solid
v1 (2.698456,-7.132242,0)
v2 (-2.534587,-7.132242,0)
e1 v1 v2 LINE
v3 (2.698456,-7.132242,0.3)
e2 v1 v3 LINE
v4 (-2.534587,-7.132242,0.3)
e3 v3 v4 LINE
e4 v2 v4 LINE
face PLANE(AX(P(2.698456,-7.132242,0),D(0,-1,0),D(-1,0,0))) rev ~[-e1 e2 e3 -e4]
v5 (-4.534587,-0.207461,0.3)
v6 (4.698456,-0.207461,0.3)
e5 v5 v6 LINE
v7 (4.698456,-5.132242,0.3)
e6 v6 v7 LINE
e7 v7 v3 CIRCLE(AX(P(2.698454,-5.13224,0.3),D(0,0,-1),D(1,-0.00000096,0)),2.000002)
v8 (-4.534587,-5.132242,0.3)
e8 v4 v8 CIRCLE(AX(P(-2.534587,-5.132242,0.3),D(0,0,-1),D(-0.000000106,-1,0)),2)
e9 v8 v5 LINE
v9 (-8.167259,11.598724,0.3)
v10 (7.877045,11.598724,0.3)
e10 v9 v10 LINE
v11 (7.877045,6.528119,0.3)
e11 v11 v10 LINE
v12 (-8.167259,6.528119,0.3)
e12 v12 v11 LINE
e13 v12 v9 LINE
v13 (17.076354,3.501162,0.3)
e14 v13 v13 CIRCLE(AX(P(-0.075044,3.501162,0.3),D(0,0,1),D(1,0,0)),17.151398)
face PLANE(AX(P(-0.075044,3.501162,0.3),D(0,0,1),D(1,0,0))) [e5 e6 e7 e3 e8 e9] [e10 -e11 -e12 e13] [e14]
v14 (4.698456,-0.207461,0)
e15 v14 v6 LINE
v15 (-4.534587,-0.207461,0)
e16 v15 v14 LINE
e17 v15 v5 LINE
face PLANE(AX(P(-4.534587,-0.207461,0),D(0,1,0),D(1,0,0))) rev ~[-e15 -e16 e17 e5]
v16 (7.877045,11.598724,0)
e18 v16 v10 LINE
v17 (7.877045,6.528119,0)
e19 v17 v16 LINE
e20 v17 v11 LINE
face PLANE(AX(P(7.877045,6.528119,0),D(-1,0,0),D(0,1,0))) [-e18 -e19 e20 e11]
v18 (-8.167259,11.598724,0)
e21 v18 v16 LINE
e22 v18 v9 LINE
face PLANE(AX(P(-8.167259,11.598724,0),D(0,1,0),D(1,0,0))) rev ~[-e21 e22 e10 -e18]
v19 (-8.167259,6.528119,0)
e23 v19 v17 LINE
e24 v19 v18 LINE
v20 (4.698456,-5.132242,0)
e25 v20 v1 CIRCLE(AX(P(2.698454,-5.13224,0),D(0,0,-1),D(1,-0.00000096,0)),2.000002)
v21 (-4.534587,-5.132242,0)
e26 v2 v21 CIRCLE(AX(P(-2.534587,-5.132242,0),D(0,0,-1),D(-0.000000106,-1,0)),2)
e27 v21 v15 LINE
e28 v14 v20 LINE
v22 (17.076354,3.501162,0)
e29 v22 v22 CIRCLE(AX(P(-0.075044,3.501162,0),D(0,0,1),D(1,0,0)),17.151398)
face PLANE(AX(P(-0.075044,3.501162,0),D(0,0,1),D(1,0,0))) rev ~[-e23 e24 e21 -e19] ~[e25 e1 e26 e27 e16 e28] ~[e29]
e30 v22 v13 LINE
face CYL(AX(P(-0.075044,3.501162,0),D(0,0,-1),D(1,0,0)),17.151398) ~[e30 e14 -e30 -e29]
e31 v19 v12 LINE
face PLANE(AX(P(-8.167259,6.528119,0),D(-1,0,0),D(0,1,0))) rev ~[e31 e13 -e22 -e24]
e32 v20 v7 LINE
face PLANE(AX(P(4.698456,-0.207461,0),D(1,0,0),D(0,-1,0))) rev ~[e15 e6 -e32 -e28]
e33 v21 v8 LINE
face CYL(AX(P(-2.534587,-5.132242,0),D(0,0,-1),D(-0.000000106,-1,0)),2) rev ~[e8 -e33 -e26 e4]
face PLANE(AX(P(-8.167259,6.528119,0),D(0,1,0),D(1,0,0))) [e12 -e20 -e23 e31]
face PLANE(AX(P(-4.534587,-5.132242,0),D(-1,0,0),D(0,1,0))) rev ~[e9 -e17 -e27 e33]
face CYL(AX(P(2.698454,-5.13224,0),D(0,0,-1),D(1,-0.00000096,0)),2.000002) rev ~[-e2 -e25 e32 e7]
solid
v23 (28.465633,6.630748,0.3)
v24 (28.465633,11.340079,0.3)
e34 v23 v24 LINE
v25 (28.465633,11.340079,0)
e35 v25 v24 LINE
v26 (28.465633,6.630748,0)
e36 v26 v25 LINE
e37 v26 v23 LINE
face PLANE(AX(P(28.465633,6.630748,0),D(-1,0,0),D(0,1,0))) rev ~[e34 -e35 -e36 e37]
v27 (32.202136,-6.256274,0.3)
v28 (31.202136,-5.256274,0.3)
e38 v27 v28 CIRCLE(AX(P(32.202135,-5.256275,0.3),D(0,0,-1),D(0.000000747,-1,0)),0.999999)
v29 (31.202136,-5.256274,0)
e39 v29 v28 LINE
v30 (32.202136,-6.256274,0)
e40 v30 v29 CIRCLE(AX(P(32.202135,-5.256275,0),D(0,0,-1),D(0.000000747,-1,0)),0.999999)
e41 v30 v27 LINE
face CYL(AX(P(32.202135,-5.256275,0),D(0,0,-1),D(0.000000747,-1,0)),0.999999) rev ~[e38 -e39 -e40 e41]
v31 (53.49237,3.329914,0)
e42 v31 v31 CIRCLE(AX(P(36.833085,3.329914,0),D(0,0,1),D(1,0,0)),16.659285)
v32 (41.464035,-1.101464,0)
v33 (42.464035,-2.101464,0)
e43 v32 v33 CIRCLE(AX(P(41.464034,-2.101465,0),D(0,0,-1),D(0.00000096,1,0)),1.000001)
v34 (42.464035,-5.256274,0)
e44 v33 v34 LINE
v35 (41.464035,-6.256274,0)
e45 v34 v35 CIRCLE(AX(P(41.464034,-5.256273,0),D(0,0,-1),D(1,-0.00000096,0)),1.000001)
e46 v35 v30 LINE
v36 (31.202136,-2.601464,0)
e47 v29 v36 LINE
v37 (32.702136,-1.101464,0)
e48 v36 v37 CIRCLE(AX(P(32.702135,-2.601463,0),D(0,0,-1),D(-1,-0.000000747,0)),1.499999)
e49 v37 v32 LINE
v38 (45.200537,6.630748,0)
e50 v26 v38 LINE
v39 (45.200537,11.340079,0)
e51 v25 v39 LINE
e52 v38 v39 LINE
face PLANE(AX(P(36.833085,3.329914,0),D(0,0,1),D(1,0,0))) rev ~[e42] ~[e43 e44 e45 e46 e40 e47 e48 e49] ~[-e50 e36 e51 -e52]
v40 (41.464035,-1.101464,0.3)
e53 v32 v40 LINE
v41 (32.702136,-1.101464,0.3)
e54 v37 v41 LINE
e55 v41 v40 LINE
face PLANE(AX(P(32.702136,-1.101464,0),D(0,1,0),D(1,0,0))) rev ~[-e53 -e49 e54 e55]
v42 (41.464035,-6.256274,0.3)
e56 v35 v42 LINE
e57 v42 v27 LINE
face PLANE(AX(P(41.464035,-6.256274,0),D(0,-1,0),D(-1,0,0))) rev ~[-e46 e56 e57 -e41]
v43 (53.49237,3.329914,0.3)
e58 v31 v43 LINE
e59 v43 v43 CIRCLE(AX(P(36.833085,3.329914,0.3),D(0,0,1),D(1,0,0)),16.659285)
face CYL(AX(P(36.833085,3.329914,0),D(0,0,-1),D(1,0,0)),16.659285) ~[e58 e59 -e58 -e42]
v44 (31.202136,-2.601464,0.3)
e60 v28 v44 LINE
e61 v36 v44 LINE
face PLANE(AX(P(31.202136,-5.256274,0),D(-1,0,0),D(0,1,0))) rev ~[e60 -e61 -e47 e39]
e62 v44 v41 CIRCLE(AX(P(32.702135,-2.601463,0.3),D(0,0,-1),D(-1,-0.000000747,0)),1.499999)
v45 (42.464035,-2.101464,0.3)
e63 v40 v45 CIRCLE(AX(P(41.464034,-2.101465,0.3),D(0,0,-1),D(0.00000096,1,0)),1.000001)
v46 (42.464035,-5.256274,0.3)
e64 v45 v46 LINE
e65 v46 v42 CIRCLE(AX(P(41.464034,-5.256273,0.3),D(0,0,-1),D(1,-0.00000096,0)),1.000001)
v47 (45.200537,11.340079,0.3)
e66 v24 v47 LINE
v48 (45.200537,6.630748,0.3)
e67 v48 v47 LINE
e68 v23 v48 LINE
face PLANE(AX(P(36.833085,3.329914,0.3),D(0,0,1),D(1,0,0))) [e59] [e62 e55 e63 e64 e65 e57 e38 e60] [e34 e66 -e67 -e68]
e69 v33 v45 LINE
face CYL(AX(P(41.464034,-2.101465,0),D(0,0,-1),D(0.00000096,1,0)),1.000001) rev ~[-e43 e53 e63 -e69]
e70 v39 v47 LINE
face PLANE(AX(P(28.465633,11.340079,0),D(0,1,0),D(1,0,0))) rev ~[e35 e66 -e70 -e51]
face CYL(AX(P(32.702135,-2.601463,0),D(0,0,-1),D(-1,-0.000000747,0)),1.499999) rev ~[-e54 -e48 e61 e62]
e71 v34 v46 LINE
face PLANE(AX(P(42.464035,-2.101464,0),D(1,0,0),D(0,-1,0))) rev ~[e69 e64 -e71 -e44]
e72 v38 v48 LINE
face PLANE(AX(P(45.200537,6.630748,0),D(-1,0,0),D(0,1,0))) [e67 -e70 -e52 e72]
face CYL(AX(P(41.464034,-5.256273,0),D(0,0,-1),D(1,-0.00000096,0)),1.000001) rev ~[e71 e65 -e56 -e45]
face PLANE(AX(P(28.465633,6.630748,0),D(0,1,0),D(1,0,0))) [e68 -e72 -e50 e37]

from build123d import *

# Parameters (mm, degrees)
F0_R     = 17.151398
F0_W     = 16.044303
F0_H     = 5.070605
F0_R_2   = 16.659285
F0_W_2   = 16.734904
F0_H_2   = 4.709331
F1_DEPTH = 0.3


with BuildPart() as f1:
    # F0 (on Top) → F1 (new body)
    with BuildSketch(Plane.XY):
        with Locations((-0.075044, 3.501162)):
            Circle(F0_R)
        with BuildLine():
            Line((-4.534587, -5.132242), (-4.534587, -0.207461))
            Line((-4.534587, -0.207461), (4.698456, -0.207461))
            Line((4.698456, -0.207461), (4.698456, -5.132242))
            ThreePointArc((4.698456, -5.132242), (4.112669, -6.546455), (2.698456, -7.132242))
            Line((2.698456, -7.132242), (-2.534587, -7.132242))
            ThreePointArc((-2.534587, -7.132242), (-3.948801, -6.546455), (-4.534587, -5.132242))
        make_face(mode=Mode.SUBTRACT)
        with Locations((-0.145107, 9.063422)):
            Rectangle(F0_W, F0_H, mode=Mode.SUBTRACT)
        with Locations((36.833085, 3.329914)):
            Circle(F0_R_2)
        with BuildLine():
            ThreePointArc((42.464035, -5.256274), (42.171141, -5.963381), (41.464035, -6.256274))
            Line((41.464035, -6.256274), (32.202136, -6.256274))
            ThreePointArc((32.202136, -6.256274), (31.495029, -5.963381), (31.202136, -5.256274))
            Line((31.202136, -5.256274), (31.202136, -2.601464))
            ThreePointArc((31.202136, -2.601464), (31.641475, -1.540804), (32.702136, -1.101464))
            Line((32.702136, -1.101464), (41.464035, -1.101464))
            ThreePointArc((41.464035, -1.101464), (42.171141, -1.394357), (42.464035, -2.101464))
            Line((42.464035, -2.101464), (42.464035, -5.256274))
        make_face(mode=Mode.SUBTRACT)
        with Locations((36.833085, 8.985413)):
            Rectangle(F0_W_2, F0_H_2, mode=Mode.SUBTRACT)
    extrude(amount=F1_DEPTH)


solid = f1.part
